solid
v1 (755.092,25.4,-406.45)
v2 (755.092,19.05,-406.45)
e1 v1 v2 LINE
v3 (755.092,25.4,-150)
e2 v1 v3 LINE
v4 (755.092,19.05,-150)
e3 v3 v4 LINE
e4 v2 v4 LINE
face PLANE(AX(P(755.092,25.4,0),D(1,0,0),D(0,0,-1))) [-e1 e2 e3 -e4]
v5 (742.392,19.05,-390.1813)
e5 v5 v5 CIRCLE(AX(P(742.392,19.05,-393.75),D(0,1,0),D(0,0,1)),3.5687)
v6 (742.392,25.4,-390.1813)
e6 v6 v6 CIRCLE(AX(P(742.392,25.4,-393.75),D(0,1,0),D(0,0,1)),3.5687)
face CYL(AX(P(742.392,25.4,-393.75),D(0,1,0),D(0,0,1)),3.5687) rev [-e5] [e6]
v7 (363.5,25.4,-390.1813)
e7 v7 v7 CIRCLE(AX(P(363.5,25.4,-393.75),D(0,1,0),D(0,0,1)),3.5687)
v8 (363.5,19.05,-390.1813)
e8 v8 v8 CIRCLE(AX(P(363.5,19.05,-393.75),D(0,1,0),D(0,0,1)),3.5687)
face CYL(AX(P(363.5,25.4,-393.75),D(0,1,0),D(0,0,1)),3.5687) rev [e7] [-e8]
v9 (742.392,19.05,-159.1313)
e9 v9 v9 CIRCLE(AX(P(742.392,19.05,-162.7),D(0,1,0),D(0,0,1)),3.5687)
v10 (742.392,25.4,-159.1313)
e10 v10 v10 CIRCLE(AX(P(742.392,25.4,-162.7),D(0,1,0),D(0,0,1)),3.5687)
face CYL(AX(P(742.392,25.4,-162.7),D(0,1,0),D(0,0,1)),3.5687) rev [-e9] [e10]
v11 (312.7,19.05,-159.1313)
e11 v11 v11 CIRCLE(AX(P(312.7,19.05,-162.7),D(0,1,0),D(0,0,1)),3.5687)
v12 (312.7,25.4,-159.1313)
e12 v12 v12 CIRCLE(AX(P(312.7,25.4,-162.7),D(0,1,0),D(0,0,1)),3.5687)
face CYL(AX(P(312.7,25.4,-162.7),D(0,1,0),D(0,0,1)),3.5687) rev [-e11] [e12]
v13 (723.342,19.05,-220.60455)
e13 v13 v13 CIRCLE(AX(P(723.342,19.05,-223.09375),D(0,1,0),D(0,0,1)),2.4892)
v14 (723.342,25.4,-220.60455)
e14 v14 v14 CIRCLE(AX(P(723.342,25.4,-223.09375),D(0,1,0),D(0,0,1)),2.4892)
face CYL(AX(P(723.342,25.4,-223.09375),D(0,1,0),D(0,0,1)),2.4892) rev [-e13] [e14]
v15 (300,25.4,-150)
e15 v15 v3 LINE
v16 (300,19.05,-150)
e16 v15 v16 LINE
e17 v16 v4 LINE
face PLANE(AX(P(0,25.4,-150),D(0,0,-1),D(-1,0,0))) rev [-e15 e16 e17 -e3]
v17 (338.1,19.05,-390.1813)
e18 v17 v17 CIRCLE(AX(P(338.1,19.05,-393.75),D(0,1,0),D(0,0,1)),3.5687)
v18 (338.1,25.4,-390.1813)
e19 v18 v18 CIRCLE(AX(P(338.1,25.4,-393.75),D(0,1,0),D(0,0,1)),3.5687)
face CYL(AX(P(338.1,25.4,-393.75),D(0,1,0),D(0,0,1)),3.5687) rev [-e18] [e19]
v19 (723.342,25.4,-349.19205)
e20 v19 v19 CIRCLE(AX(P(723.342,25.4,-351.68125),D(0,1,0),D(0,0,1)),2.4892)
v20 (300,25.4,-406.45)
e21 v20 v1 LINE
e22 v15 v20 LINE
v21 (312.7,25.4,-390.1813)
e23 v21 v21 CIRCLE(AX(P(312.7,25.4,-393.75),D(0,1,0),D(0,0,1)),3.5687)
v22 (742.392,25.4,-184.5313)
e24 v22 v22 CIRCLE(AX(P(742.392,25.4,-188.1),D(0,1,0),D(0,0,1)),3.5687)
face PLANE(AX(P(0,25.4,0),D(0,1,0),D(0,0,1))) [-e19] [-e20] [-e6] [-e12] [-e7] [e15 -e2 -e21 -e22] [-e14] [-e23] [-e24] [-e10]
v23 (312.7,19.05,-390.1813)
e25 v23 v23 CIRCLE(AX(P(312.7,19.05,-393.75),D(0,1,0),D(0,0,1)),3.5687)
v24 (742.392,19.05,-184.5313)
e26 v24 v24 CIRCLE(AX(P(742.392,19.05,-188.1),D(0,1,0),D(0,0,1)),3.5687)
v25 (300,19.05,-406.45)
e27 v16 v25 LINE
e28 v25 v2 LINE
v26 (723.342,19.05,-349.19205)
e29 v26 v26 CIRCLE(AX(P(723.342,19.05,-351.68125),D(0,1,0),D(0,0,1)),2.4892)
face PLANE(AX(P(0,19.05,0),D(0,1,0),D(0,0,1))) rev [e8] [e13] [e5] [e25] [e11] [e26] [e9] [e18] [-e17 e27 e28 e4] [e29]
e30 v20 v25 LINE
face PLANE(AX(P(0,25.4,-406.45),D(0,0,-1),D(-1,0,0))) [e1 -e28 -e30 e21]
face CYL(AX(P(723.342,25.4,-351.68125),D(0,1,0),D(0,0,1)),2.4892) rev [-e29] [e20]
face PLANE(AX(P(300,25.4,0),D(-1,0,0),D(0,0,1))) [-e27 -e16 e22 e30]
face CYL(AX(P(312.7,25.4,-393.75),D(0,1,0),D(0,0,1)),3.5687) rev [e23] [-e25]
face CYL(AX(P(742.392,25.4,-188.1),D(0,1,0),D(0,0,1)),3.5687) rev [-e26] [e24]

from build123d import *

# Parameters (mm, degrees)
BOSS_EXTRUDE1_START              = 19.05
SKETCH2_W                        = 600
SKETCH2_H                        = 256.45
BOSS_EXTRUDE1_DEPTH              = 6.35
BOSS_EXTRUDE2_START              = 19.05
SKETCH2_4_W                      = 455.092
SKETCH2_4_H                      = 256.45
BOSS_EXTRUDE2_DEPTH              = 6.35
BOSS_EXTRUDE3_START              = 19.05
SKETCH2_5_W                      = 455.092
SKETCH2_5_H                      = 300
BOSS_EXTRUDE3_DEPTH              = 6.35
SKETCH8_W                        = 3.5687
SKETCH8_H                        = 6.35
F_1_4_CLEARANCE_HOLE2_AT_2_COUNT = 2
F_1_4_CLEARANCE_HOLE2_AT_2_PITCH = 231.05
F_1_4_CLEARANCE_HOLE2_AT_3_COUNT = 2
F_1_4_CLEARANCE_HOLE2_AT_3_PITCH = 595.822744195
F_1_4_CLEARANCE_HOLE2_AT_4_COUNT = 2
F_1_4_CLEARANCE_HOLE2_AT_4_PITCH = 619.31354135
F_1_4_CLEARANCE_HOLE2_AT_5_COUNT = 2
F_1_4_CLEARANCE_HOLE2_AT_5_PITCH = 523.8
F_1_4_CLEARANCE_HOLE2_AT_6_COUNT = 2
F_1_4_CLEARANCE_HOLE2_AT_6_PITCH = 549.2
F_1_4_CLEARANCE_HOLE2_AT_7_COUNT = 2
F_1_4_CLEARANCE_HOLE2_AT_7_PITCH = 574.6
SKETCH10_W                       = 3.5687
SKETCH10_H                       = 6.35
F_1_4_CLEARANCE_HOLE3_AT_2_COUNT = 2
F_1_4_CLEARANCE_HOLE3_AT_2_PITCH = 25.4
F_1_4_CLEARANCE_HOLE3_AT_3_COUNT = 2
F_1_4_CLEARANCE_HOLE3_AT_3_PITCH = 50.8
F_1_4_CLEARANCE_HOLE3_AT_4_COUNT = 2
F_1_4_CLEARANCE_HOLE3_AT_4_PITCH = 231.05
F_1_4_CLEARANCE_HOLE3_AT_5_COUNT = 2
F_1_4_CLEARANCE_HOLE3_AT_5_PITCH = 487.872234672
F_1_4_CLEARANCE_HOLE3_AT_6_COUNT = 2
F_1_4_CLEARANCE_HOLE3_AT_6_PITCH = 476.368698976
F_1_4_CLEARANCE_HOLE3_AT_7_COUNT = 2
F_1_4_CLEARANCE_HOLE3_AT_7_PITCH = 429.692
SKETCH12_W                       = 3.5687
SKETCH12_H                       = 6.35
F_1_4_CLEARANCE_HOLE4_AT_2_COUNT = 2
F_1_4_CLEARANCE_HOLE4_AT_2_PITCH = 25.4
F_1_4_CLEARANCE_HOLE4_AT_3_COUNT = 2
F_1_4_CLEARANCE_HOLE4_AT_3_PITCH = 249.2
F_1_4_CLEARANCE_HOLE4_AT_4_COUNT = 2
F_1_4_CLEARANCE_HOLE4_AT_4_PITCH = 496.725130091
F_1_4_CLEARANCE_HOLE4_AT_5_COUNT = 2
F_1_4_CLEARANCE_HOLE4_AT_5_PITCH = 429.692
F_1_4_CLEARANCE_HOLE4_AT_6_COUNT = 2
F_1_4_CLEARANCE_HOLE4_AT_6_PITCH = 430.442069115
SKETCH14_W                       = 2.4892
SKETCH14_H                       = 6.35
F_8_CLEARANCE_HOLE2_AT_2_COUNT   = 2
F_8_CLEARANCE_HOLE2_AT_2_PITCH   = 128.5875
SKETCH16_W                       = 2.4892
SKETCH16_H                       = 6.35
F_8_CLEARANCE_HOLE3_AT_2_COUNT   = 2
F_8_CLEARANCE_HOLE3_AT_2_PITCH   = 128.5875
SKETCH17_R                       = 3.5687
BOSS_EXTRUDE4_DEPTH              = 6.35
FILLET2_R                        = 6.35
SKETCH18_W                       = 152.4
SKETCH18_H                       = 25.4
SKETCH18_R                       = 3.5687
BOSS_EXTRUDE5_DEPTH              = 6.35
SKETCH19_W                       = 25.4
SKETCH19_H                       = 101.6
SKETCH19_R                       = 3.5687
BOSS_EXTRUDE6_DEPTH              = 6.35


with BuildPart() as part:
    # Sketch2 → Boss-Extrude1 (new body)
    with BuildSketch(Plane(origin=(0, 0, 0), x_dir=(1, 0, 0), z_dir=(0, 1, 0)).offset(BOSS_EXTRUDE1_START)):
        with Locations((0, 278.225)):
            Rectangle(SKETCH2_W, SKETCH2_H)
    extrude(amount=BOSS_EXTRUDE1_DEPTH)

    # Sketch8 → 1/4 Clearance Hole2 (revolve, cut)
    with BuildSketch(Plane(origin=(-287.3, 25.4, -393.75), x_dir=(0, 0, 1), z_dir=(1, 0, 0))):
        with Locations((1.78435, 3.175)):
            Rectangle(SKETCH8_W, SKETCH8_H)
    f_1_4_clearance_hole2 = revolve(axis=Axis((-287.3, 31.75, -393.75), (0, -1, 0)), mode=Mode.SUBTRACT)

    # 1/4 Clearance Hole2 at 2: 1/4 Clearance Hole2 ×2
    with Locations(*[(0, 0, i * F_1_4_CLEARANCE_HOLE2_AT_2_PITCH) for i in range(1, F_1_4_CLEARANCE_HOLE2_AT_2_COUNT)]):
        add(f_1_4_clearance_hole2, mode=Mode.SUBTRACT)

    # 1/4 Clearance Hole2 at 3: 1/4 Clearance Hole2 ×2
    with Locations(*[Vector(0.9217506470687957, 0, 0.3877831154501913) * (i * F_1_4_CLEARANCE_HOLE2_AT_3_PITCH) for i in range(1, F_1_4_CLEARANCE_HOLE2_AT_3_COUNT)]):
        add(f_1_4_clearance_hole2, mode=Mode.SUBTRACT)

    # 1/4 Clearance Hole2 at 4: 1/4 Clearance Hole2 ×2
    with Locations(*[Vector(0.9278014473041833, 0, 0.37307435502894426) * (i * F_1_4_CLEARANCE_HOLE2_AT_4_PITCH) for i in range(1, F_1_4_CLEARANCE_HOLE2_AT_4_COUNT)]):
        add(f_1_4_clearance_hole2, mode=Mode.SUBTRACT)

    # 1/4 Clearance Hole2 at 5: 1/4 Clearance Hole2 ×2
    with Locations(*[(i * F_1_4_CLEARANCE_HOLE2_AT_5_PITCH, 0, 0) for i in range(1, F_1_4_CLEARANCE_HOLE2_AT_5_COUNT)]):
        add(f_1_4_clearance_hole2, mode=Mode.SUBTRACT)

    # 1/4 Clearance Hole2 at 6: 1/4 Clearance Hole2 ×2
    with Locations(*[(i * F_1_4_CLEARANCE_HOLE2_AT_6_PITCH, 0, 0) for i in range(1, F_1_4_CLEARANCE_HOLE2_AT_6_COUNT)]):
        add(f_1_4_clearance_hole2, mode=Mode.SUBTRACT)

    # 1/4 Clearance Hole2 at 7: 1/4 Clearance Hole2 ×2
    with Locations(*[(i * F_1_4_CLEARANCE_HOLE2_AT_7_PITCH, 0, 0) for i in range(1, F_1_4_CLEARANCE_HOLE2_AT_7_COUNT)]):
        add(f_1_4_clearance_hole2, mode=Mode.SUBTRACT)

    # Sketch14 → #8 Clearance Hole2 (revolve, cut)
    with BuildSketch(Plane(origin=(-268.25, 25.4, -351.68125), x_dir=(0, 0, 1), z_dir=(1, 0, 0))):
        with Locations((1.2446, 3.175)):
            Rectangle(SKETCH14_W, SKETCH14_H)
    f_8_clearance_hole2 = revolve(axis=Axis((-268.25, 31.75, -351.68125), (0, -1, 0)), mode=Mode.SUBTRACT)

    # #8 Clearance Hole2 at 2: #8 Clearance Hole2 ×2
    with Locations(*[(0, 0, i * F_8_CLEARANCE_HOLE2_AT_2_PITCH) for i in range(1, F_8_CLEARANCE_HOLE2_AT_2_COUNT)]):
        add(f_8_clearance_hole2, mode=Mode.SUBTRACT)


with BuildPart() as body_2:
    # Sketch2<4> → Boss-Extrude2 (new body)
    with BuildSketch(Plane(origin=(0, 0, 0), x_dir=(1, 0, 0), z_dir=(0, 1, 0)).offset(BOSS_EXTRUDE2_START)):
        with Locations((527.546, 278.225)):
            Rectangle(SKETCH2_4_W, SKETCH2_4_H)
    extrude(amount=BOSS_EXTRUDE2_DEPTH)

    # Sketch10 → 1/4 Clearance Hole3 (revolve, cut)
    with BuildSketch(Plane(origin=(312.7, 25.4, -393.75), x_dir=(0, 0, 1), z_dir=(1, 0, 0))):
        with Locations((1.78435, 3.175)):
            Rectangle(SKETCH10_W, SKETCH10_H)
    f_1_4_clearance_hole3 = revolve(axis=Axis((312.7, 31.75, -393.75), (0, -1, 0)), mode=Mode.SUBTRACT)

    # 1/4 Clearance Hole3 at 2: 1/4 Clearance Hole3 ×2
    with Locations(*[(i * F_1_4_CLEARANCE_HOLE3_AT_2_PITCH, 0, 0) for i in range(1, F_1_4_CLEARANCE_HOLE3_AT_2_COUNT)]):
        add(f_1_4_clearance_hole3, mode=Mode.SUBTRACT)

    # 1/4 Clearance Hole3 at 3: 1/4 Clearance Hole3 ×2
    with Locations(*[(i * F_1_4_CLEARANCE_HOLE3_AT_3_PITCH, 0, 0) for i in range(1, F_1_4_CLEARANCE_HOLE3_AT_3_COUNT)]):
        add(f_1_4_clearance_hole3, mode=Mode.SUBTRACT)

    # 1/4 Clearance Hole3 at 4: 1/4 Clearance Hole3 ×2
    with Locations(*[(0, 0, i * F_1_4_CLEARANCE_HOLE3_AT_4_PITCH) for i in range(1, F_1_4_CLEARANCE_HOLE3_AT_4_COUNT)]):
        add(f_1_4_clearance_hole3, mode=Mode.SUBTRACT)

    # 1/4 Clearance Hole3 at 5: 1/4 Clearance Hole3 ×2
    with Locations(*[Vector(0.880746985506873, 0, 0.47358710658183684) * (i * F_1_4_CLEARANCE_HOLE3_AT_5_PITCH) for i in range(1, F_1_4_CLEARANCE_HOLE3_AT_5_COUNT)]):
        add(f_1_4_clearance_hole3, mode=Mode.SUBTRACT)

    # 1/4 Clearance Hole3 at 6: 1/4 Clearance Hole3 ×2
    with Locations(*[Vector(0.9020156045595491, 0, 0.4317034272866863) * (i * F_1_4_CLEARANCE_HOLE3_AT_6_PITCH) for i in range(1, F_1_4_CLEARANCE_HOLE3_AT_6_COUNT)]):
        add(f_1_4_clearance_hole3, mode=Mode.SUBTRACT)

    # 1/4 Clearance Hole3 at 7: 1/4 Clearance Hole3 ×2
    with Locations(*[(i * F_1_4_CLEARANCE_HOLE3_AT_7_PITCH, 0, 0) for i in range(1, F_1_4_CLEARANCE_HOLE3_AT_7_COUNT)]):
        add(f_1_4_clearance_hole3, mode=Mode.SUBTRACT)

    # Sketch16 → #8 Clearance Hole3 (revolve, cut)
    with BuildSketch(Plane(origin=(723.342, 25.4, -351.68125), x_dir=(0, 0, 1), z_dir=(1, 0, 0))):
        with Locations((1.2446, 3.175)):
            Rectangle(SKETCH16_W, SKETCH16_H)
    f_8_clearance_hole3 = revolve(axis=Axis((723.342, 31.75, -351.68125), (0, -1, 0)), mode=Mode.SUBTRACT)

    # #8 Clearance Hole3 at 2: #8 Clearance Hole3 ×2
    with Locations(*[(0, 0, i * F_8_CLEARANCE_HOLE3_AT_2_PITCH) for i in range(1, F_8_CLEARANCE_HOLE3_AT_2_COUNT)]):
        add(f_8_clearance_hole3, mode=Mode.SUBTRACT)


with BuildPart() as body_3:
    # Sketch2<5> → Boss-Extrude3 (new body)
    with BuildSketch(Plane(origin=(0, 0, 0), x_dir=(1, 0, 0), z_dir=(0, 1, 0)).offset(BOSS_EXTRUDE3_START)):
        with Locations((527.546, 0)):
            Rectangle(SKETCH2_5_W, SKETCH2_5_H)
    extrude(amount=BOSS_EXTRUDE3_DEPTH)

    # Sketch12 → 1/4 Clearance Hole4 (revolve, cut)
    with BuildSketch(Plane(origin=(312.7, 25.4, -111.9), x_dir=(0, 0, 1), z_dir=(1, 0, 0))):
        with Locations((1.78435, 3.175)):
            Rectangle(SKETCH12_W, SKETCH12_H)
    f_1_4_clearance_hole4 = revolve(axis=Axis((312.7, 31.75, -111.9), (0, -1, 0)), mode=Mode.SUBTRACT)

    # 1/4 Clearance Hole4 at 2: 1/4 Clearance Hole4 ×2
    with Locations(*[(0, 0, -i * F_1_4_CLEARANCE_HOLE4_AT_2_PITCH) for i in range(1, F_1_4_CLEARANCE_HOLE4_AT_2_COUNT)]):
        add(f_1_4_clearance_hole4, mode=Mode.SUBTRACT)

    # 1/4 Clearance Hole4 at 3: 1/4 Clearance Hole4 ×2
    with Locations(*[(0, 0, i * F_1_4_CLEARANCE_HOLE4_AT_3_PITCH) for i in range(1, F_1_4_CLEARANCE_HOLE4_AT_3_COUNT)]):
        add(f_1_4_clearance_hole4, mode=Mode.SUBTRACT)

    # 1/4 Clearance Hole4 at 4: 1/4 Clearance Hole4 ×2
    with Locations(*[Vector(0.865049851456502, 0, 0.5016859121951541) * (i * F_1_4_CLEARANCE_HOLE4_AT_4_PITCH) for i in range(1, F_1_4_CLEARANCE_HOLE4_AT_4_COUNT)]):
        add(f_1_4_clearance_hole4, mode=Mode.SUBTRACT)

    # 1/4 Clearance Hole4 at 5: 1/4 Clearance Hole4 ×2
    with Locations(*[(i * F_1_4_CLEARANCE_HOLE4_AT_5_PITCH, 0, 0) for i in range(1, F_1_4_CLEARANCE_HOLE4_AT_5_COUNT)]):
        add(f_1_4_clearance_hole4, mode=Mode.SUBTRACT)

    # 1/4 Clearance Hole4 at 6: 1/4 Clearance Hole4 ×2
    with Locations(*[Vector(0.998257444685787, 0, -0.05900910208944768) * (i * F_1_4_CLEARANCE_HOLE4_AT_6_PITCH) for i in range(1, F_1_4_CLEARANCE_HOLE4_AT_6_COUNT)]):
        add(f_1_4_clearance_hole4, mode=Mode.SUBTRACT)


with BuildPart() as body_4:
    # Sketch17 → Boss-Extrude4 (new body)
    with BuildSketch(Plane(origin=(0, 25.4, 0), x_dir=(1, 0, 0), z_dir=(0, 1, 0))):
        Polygon((249.2, 150), (249.2, 175.4), (325.4, 175.4), (325.4, 99.2), (300, 99.2), (300, 150), align=None)
        with Locations(Location((261.9, 162.7, 0), (0, 0, 270))):
            Circle(SKETCH17_R, mode=Mode.SUBTRACT)
        with Locations(Location((287.3, 162.7, 0), (0, 0, 270))):
            Circle(SKETCH17_R, mode=Mode.SUBTRACT)
        with Locations(Location((312.7, 162.7, 0), (0, 0, 270))):
            Circle(SKETCH17_R, mode=Mode.SUBTRACT)
        with Locations(Location((312.7, 137.3, 0), (0, 0, 270))):
            Circle(SKETCH17_R, mode=Mode.SUBTRACT)
        with Locations(Location((312.7, 111.9, 0), (0, 0, 270))):
            Circle(SKETCH17_R, mode=Mode.SUBTRACT)
    extrude(amount=BOSS_EXTRUDE4_DEPTH)

    # Fillet2
    fillet2_edges = [body_4.edges().sort_by_distance(p)[0] for p in [
        (249.2, 28.575, -150),
        (249.2, 28.575, -175.4),
        (325.4, 28.575, -175.4),
        (325.4, 28.575, -99.2),
        (300, 28.575, -99.2),
    ]]
    fillet(fillet2_edges, radius=FILLET2_R)


with BuildPart() as body_5:
    # Sketch18 → Boss-Extrude5 (new body)
    with BuildSketch(Plane(origin=(0, 25.4, 0), x_dir=(1, 0, 0), z_dir=(0, 1, 0))):
        with Locations((300, 393.75)):
            Rectangle(SKETCH18_W, SKETCH18_H)
        with Locations(Location((236.5, 393.75, 0), (0, 0, 270))):
            Circle(SKETCH18_R, mode=Mode.SUBTRACT)
        with Locations(Location((261.9, 393.75, 0), (0, 0, 270))):
            Circle(SKETCH18_R, mode=Mode.SUBTRACT)
        with Locations(Location((287.3, 393.75, 0), (0, 0, 270))):
            Circle(SKETCH18_R, mode=Mode.SUBTRACT)
        with Locations(Location((312.7, 393.75, 0), (0, 0, 270))):
            Circle(SKETCH18_R, mode=Mode.SUBTRACT)
        with Locations(Location((338.1, 393.75, 0), (0, 0, 270))):
            Circle(SKETCH18_R, mode=Mode.SUBTRACT)
        with Locations(Location((363.5, 393.75, 0), (0, 0, 270))):
            Circle(SKETCH18_R, mode=Mode.SUBTRACT)
    extrude(amount=BOSS_EXTRUDE5_DEPTH)


with BuildPart() as body_6:
    # Sketch19 → Boss-Extrude6 (new body)
    with BuildSketch(Plane(origin=(0, 25.4, 0), x_dir=(1, 0, 0), z_dir=(0, 1, 0))):
        with Locations((742.392, 150)):
            Rectangle(SKETCH19_W, SKETCH19_H)
        with Locations((742.392, 111.9)):
            Circle(SKETCH19_R, mode=Mode.SUBTRACT)
        with Locations((742.392, 137.3)):
            Circle(SKETCH19_R, mode=Mode.SUBTRACT)
        with Locations(Location((742.392, 162.7, 0), (0, 0, 270))):
            Circle(SKETCH19_R, mode=Mode.SUBTRACT)
        with Locations(Location((742.392, 188.1, 0), (0, 0, 270))):
            Circle(SKETCH19_R, mode=Mode.SUBTRACT)
    extrude(amount=BOSS_EXTRUDE6_DEPTH)


solid = body_2.part
